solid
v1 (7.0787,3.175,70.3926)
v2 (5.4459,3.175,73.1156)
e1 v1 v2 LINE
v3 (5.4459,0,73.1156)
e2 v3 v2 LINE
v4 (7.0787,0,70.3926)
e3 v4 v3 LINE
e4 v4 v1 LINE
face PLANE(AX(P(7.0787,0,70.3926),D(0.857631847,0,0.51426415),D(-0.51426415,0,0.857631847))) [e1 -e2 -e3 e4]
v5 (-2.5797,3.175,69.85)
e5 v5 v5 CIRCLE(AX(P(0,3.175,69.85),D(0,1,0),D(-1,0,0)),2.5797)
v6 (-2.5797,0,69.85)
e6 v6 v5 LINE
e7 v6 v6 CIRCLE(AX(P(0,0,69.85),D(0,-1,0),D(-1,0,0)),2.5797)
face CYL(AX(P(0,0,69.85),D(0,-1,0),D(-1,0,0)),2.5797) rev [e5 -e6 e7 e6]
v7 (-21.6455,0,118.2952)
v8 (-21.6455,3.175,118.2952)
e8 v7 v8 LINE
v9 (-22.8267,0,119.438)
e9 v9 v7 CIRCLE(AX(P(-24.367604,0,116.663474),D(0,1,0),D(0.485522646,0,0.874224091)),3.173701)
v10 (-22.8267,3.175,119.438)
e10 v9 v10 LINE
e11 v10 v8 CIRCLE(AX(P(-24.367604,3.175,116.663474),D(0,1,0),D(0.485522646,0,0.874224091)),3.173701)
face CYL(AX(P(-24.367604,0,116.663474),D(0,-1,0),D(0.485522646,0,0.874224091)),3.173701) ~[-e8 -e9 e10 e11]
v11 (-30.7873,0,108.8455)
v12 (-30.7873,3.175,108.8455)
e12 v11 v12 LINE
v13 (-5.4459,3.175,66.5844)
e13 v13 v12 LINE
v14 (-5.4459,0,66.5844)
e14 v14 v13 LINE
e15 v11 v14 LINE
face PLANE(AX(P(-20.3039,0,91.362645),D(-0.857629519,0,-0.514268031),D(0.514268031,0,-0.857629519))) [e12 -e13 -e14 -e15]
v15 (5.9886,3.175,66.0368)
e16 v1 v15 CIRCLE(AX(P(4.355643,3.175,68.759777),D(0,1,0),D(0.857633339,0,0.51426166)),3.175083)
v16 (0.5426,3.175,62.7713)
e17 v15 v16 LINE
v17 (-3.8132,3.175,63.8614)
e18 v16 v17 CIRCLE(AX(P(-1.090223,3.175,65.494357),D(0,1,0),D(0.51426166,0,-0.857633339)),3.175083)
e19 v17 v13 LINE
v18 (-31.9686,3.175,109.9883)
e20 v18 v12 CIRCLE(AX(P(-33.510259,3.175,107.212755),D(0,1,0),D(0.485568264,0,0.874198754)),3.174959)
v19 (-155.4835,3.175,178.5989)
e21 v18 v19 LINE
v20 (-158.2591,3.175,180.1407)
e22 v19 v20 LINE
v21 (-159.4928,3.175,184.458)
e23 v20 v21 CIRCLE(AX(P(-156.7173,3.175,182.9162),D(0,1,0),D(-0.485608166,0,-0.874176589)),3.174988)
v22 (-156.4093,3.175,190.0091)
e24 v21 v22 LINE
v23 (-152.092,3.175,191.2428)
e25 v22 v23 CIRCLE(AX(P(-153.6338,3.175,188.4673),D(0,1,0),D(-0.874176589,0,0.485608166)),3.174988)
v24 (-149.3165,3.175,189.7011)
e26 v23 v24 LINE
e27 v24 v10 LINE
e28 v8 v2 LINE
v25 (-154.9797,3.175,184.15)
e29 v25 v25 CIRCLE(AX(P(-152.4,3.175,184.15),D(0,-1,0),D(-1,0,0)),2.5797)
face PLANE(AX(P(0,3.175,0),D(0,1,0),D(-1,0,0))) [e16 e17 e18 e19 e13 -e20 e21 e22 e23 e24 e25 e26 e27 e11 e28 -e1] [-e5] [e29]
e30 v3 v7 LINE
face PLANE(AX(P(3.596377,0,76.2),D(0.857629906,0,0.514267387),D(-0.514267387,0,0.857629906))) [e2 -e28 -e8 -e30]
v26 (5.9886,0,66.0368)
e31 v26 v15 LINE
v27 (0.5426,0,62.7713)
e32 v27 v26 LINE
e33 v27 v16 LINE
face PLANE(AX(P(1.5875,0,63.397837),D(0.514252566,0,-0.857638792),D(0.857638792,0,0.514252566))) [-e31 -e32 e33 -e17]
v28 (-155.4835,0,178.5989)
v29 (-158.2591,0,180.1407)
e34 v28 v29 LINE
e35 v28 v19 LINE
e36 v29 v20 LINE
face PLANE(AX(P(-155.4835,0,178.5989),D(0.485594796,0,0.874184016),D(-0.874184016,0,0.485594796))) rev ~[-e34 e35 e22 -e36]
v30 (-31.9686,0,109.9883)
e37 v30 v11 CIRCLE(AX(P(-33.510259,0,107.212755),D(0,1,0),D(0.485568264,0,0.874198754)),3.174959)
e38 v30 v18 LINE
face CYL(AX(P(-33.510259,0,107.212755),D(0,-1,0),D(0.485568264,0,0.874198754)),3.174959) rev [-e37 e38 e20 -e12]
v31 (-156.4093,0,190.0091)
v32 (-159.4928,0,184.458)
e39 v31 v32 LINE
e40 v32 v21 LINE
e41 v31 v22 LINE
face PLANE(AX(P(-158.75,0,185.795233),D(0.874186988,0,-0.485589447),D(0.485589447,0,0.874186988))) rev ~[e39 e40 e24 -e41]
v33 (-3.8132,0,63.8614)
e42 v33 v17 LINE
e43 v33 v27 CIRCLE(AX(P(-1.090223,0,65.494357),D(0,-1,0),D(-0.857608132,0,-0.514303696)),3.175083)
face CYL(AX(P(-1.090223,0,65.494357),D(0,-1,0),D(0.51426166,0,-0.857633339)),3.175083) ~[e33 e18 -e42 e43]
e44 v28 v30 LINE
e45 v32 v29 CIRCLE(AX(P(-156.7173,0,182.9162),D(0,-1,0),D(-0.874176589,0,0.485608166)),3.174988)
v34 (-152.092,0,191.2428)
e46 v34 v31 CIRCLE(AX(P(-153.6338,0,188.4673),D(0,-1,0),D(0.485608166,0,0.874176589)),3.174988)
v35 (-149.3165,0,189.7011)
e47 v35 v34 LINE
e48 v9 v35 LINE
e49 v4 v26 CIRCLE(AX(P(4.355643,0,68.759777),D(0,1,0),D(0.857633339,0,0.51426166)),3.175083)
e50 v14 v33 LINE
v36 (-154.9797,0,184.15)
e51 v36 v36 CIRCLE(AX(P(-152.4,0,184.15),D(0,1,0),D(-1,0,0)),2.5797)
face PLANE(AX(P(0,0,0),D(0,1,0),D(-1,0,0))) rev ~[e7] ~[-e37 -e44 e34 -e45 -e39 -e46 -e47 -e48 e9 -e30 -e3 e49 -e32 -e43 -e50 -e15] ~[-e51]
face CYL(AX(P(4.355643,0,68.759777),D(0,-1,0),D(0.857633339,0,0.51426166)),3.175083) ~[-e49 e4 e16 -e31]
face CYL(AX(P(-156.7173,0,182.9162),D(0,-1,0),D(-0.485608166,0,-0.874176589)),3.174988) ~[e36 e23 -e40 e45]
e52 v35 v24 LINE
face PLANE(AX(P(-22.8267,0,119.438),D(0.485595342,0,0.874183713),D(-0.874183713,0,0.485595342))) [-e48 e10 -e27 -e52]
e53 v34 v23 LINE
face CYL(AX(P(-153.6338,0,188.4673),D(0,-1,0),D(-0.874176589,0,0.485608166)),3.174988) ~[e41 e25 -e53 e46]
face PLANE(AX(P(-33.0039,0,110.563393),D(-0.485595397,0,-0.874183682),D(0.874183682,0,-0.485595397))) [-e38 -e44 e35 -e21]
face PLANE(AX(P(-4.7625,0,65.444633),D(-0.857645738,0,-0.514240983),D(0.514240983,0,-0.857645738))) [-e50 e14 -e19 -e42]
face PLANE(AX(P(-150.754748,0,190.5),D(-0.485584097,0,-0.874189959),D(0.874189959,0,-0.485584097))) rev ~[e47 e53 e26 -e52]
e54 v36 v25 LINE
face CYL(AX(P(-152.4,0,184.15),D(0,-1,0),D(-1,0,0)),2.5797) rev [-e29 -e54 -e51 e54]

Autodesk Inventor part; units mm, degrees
ref_plane "YZ Plane" through (0, 0, 0) normal (1, 0, 0) x (0, 1, 0)
ref_plane "XZ Plane" through (0, 0, 0) normal (0, 1, 0) x (-1, 0, 0)
ref_plane "XY Plane" through (0, 0, 0) normal (0, 0, 1) x (1, 0, 0)
sketch "Sketch1" plane through (0, 0, 0) normal (0, 1, 0) x (-1, 0, 0)
  line L0 (0, 76.2) -> (0, -76.2)
  line L1 (270.7338, 0) -> (-270.7338, 0)
  circle A0 centre (0, 69.85) radius 2.5797
  circle A1 centre (0, 44.45) radius 2.5797
  circle A2 centre (152.4, 158.75) radius 2.5797
  line L2 (158.75, 139.7) -> (158.75, 152.4)
  line L3 (158.75, 152.4) -> (273.05, 152.4)
  line L4 (273.05, 152.4) -> (273.05, 139.7)
  line L5 (273.05, 139.7) -> (158.75, 139.7)
  line L6 (146.05, 155.575) -> (158.75, 155.575)
  line L7 (158.75, 155.575) -> (158.75, 190.5)
  line L8 (158.75, 190.5) -> (146.05, 190.5)
  line L9 (146.05, 190.5) -> (146.05, 155.575)
  line L10 (158.75, 152.4) -> (273.05, 152.4)
  line L11 (273.05, 152.4) -> (273.05, 155.575)
  line L12 (273.05, 155.575) -> (158.75, 155.575)
  line L13 (158.75, 155.575) -> (158.75, 152.4)
  line L14 (158.75, 190.5) -> (273.05, 155.575)
  line L15 (266.7, 157.5153) -> (266.7, 155.575)
  circle A3 centre (152.4, 184.15) radius 2.5797
  circle A4 centre (152.4, 158.75) radius 2.5797
  line L16 (158.75, 155.575) -> (146.05, 155.575)
  line L17 (146.05, 155.575) -> (146.05, 152.4)
  line L18 (146.05, 152.4) -> (158.75, 152.4)
  line L19 (158.75, 152.4) -> (158.75, 155.575)
  line L20 (1.5875, 76.2) -> (-4.7625, 76.2)
  line L21 (-4.7625, 76.2) -> (-4.7625, -76.2)
  line L22 (-4.7625, -76.2) -> (1.5875, -76.2)
  line L23 (4.7625, -73.025) -> (4.7625, -41.275)
  line L24 (1.5875, -76.2) -> (1.5875, 76.2)
  line L25 (-1.5875, -76.2) -> (-1.5875, 76.2)
  circle A5 centre (0, -44.45) radius 2.5797
  circle A6 centre (0, -69.85) radius 2.5797
  line L26 (-4.7625, -38.1) -> (1.5875, -38.1)
  arc A7 (4.7625, -41.275) -> (1.5875, -38.1) centre (1.5875, -41.275) ccw
  arc A8 (1.5875, -76.2) -> (4.7625, -73.025) centre (1.5875, -73.025) ccw
  line L27 (-4.7625, 76.2) -> (4.7625, 76.2)
  line L28 (4.7625, 73.025) -> (4.7625, 41.275)
  line L29 (1.5875, 38.1) -> (-4.7625, 38.1)
  line L30 (-4.7625, 38.1) -> (-4.7625, 76.2)
  circle A9 centre (0, 69.85) radius 2.5797
  circle A10 centre (0, 44.45) radius 2.5797
  arc A11 (4.7625, 73.025) -> (1.5875, 76.2) centre (1.5875, 73.025) ccw
  arc A12 (1.5875, 38.1) -> (4.7625, 41.275) centre (1.5875, 41.275) ccw
  line L31 (152.4, 158.75) -> (27.7437, 90.2444)
  line L32 (27.7437, 90.2444) -> (0, 44.45)
  line L33 (5.4311, 41.1597) -> (-5.4311, 47.7403)
  line L34 (-5.4311, 47.7403) -> (22.7534, 94.2623)
  line L35 (32.6024, 100.1603) -> (38.8737, 96.361)
  line L36 (31.8523, 84.7712) -> (5.4311, 41.1597)
  line L37 (149.3417, 164.315) -> (155.4583, 153.185)
  line L38 (155.4583, 153.185) -> (33.0387, 85.9086)
  line L39 (21.1631, 79.3823) -> (17.6317, 85.8082)
  line L40 (23.9398, 95.3997) -> (149.3417, 164.315)
  arc A13 (23.9398, 95.3997) -> (22.7534, 94.2623) centre (25.4689, 92.6172) ccw
  arc A14 (33.0387, 85.9086) -> (31.8523, 84.7712) centre (34.5678, 83.1261) ccw
  circle A15 centre (152.4, 158.75) radius 2.5797
  circle A16 centre (0, 44.45) radius 2.5797
  line L41 (-5.4311, 47.7403) -> (5.4311, 41.1597)
  line L42 (5.4311, 41.1597) -> (3.7859, 38.4442)
  line L43 (-0.5748, 37.3738) -> (-6.0058, 40.6641)
  line L44 (-7.0762, 45.0248) -> (-5.4311, 47.7403)
  arc A17 (-7.0762, 45.0248) -> (-6.0058, 40.6641) centre (-4.3607, 43.3796) ccw
  arc A18 (-0.5748, 37.3738) -> (3.7859, 38.4442) centre (1.0704, 40.0893) ccw
  line L45 (149.3417, 164.315) -> (155.4583, 153.185)
  line L46 (155.4583, 153.185) -> (158.2408, 154.7141)
  line L47 (159.4942, 159.0258) -> (156.4359, 164.5908)
  line L48 (152.1242, 165.8442) -> (149.3417, 164.315)
  arc A19 (156.4359, 164.5908) -> (152.1242, 165.8442) centre (153.6534, 163.0616) ccw
  arc A20 (158.2408, 154.7141) -> (159.4942, 159.0258) centre (156.7116, 157.4966) ccw
  line L49 (152.4, 184.15) -> (26.6539, 114.3)
  line L50 (26.6539, 114.3) -> (0, 69.85)
  line L51 (5.4459, 66.5844) -> (-5.4459, 73.1156)
  line L52 (-5.4459, 73.1156) -> (21.6455, 118.2952)
  line L53 (31.4676, 124.2379) -> (37.756, 120.4671)
  line L54 (30.7873, 108.8455) -> (5.4459, 66.5844)
  line L55 (149.3165, 189.7011) -> (155.4835, 178.5989)
  line L56 (155.4835, 178.5989) -> (31.9686, 109.9883)
  line L57 (20.1227, 103.4081) -> (16.5622, 109.8179)
  line L58 (22.8267, 119.438) -> (149.3165, 189.7011)
  arc A21 (22.8267, 119.438) -> (21.6455, 118.2952) centre (24.3684, 116.6624) ccw
  arc A22 (31.9686, 109.9883) -> (30.7873, 108.8455) centre (33.5103, 107.2127) ccw
  circle A23 centre (152.4, 184.15) radius 2.5797
  circle A24 centre (26.6539, 114.3) radius 2.5797
  circle A25 centre (0, 69.85) radius 2.5797
  line L59 (-5.4459, 73.1156) -> (5.4459, 66.5844)
  line L60 (5.4459, 66.5844) -> (3.8132, 63.8614)
  line L61 (-0.5426, 62.7713) -> (-5.9886, 66.0368)
  line L62 (-7.0787, 70.3926) -> (-5.4459, 73.1156)
  arc A26 (-7.0787, 70.3926) -> (-5.9886, 66.0368) centre (-4.3558, 68.7598) ccw
  arc A27 (-0.5426, 62.7713) -> (3.8132, 63.8614) centre (1.0902, 65.4942) ccw
  line L63 (149.3165, 189.7011) -> (155.4835, 178.5989)
  line L64 (155.4835, 178.5989) -> (158.2591, 180.1407)
  line L65 (159.4928, 184.458) -> (156.4093, 190.0091)
  line L66 (152.092, 191.2428) -> (149.3165, 189.7011)
  arc A28 (156.4093, 190.0091) -> (152.092, 191.2428) centre (153.6338, 188.4673) ccw
  arc A29 (158.2591, 180.1407) -> (159.4928, 184.458) centre (156.7173, 182.9162) ccw
  line L67 (33.0039, 28.575) -> (33.0039, -28.575)
  line L68 (29.8289, -31.75) -> (23.4789, -31.75)
  line L69 (20.3039, -28.575) -> (20.3039, 28.575)
  line L70 (23.4789, 31.75) -> (29.8289, 31.75)
  line L71 (33.0039, 117.475) -> (33.0039, 22.225)
  line L72 (29.8289, 19.05) -> (23.4789, 19.05)
  line L73 (20.3039, 22.225) -> (20.3039, 117.475)
  line L74 (23.4789, 120.65) -> (29.8289, 120.65)
  circle A30 centre (26.6539, 25.4) radius 2.6206
  circle A31 centre (26.6539, -25.4) radius 2.6206
  circle A32 centre (26.6539, 25.4) radius 2.6206
  circle A33 centre (26.6539, 114.3) radius 2.6206
  arc A34 (33.0039, 28.575) -> (29.8289, 31.75) centre (29.8289, 28.575) ccw
  arc A35 (23.4789, 31.75) -> (20.3039, 28.575) centre (23.4789, 28.575) ccw
  arc A36 (20.3039, -28.575) -> (23.4789, -31.75) centre (23.4789, -28.575) ccw
  arc A37 (29.8289, -31.75) -> (33.0039, -28.575) centre (29.8289, -28.575) ccw
  arc A38 (20.3039, 22.225) -> (23.4789, 19.05) centre (23.4789, 22.225) ccw
  arc A39 (29.8289, 19.05) -> (33.0039, 22.225) centre (29.8289, 22.225) ccw
  arc A40 (33.0039, 117.475) -> (29.8289, 120.65) centre (29.8289, 117.475) ccw
  arc A41 (23.4789, 120.65) -> (20.3039, 117.475) centre (23.4789, 117.475) ccw
  point P0 (0, 0)
  point P1 (0, 0)
  point P2 (0, 44.45)
  point P3 (46.8631, 0)
  point P4 (2.1408, 35.7286)
  point P5 (161.0233, 156.2433)
  point P6 (2.1804, 61.1385)
  point P7 (161.0346, 181.6825)
  point P8 (33.0039, 31.75)
  point P9 (33.0039, -31.75)
  point P10 (33.0039, 120.65)
  point P11 (33.0039, 19.05)
  point P12 (20.3039, 19.05)
  point P13 (33.0039, 0)
  dimension "d4" = 5.1594
  dimension "d11" = 5.1594
  dimension "d17" = 152.4
  dimension "d56" = 12.7
  dimension "d57" = 114.3
  dimension "d58" = 3.175
  dimension "d61" = 6.35
  dimension "d63" = 5.1594
  dimension "d65" = 6.35
  dimension "d66" = 6.35
  dimension "d67" = 6.35
  dimension "d68" = 6.35
  dimension "d69" = 9.525
  dimension "d70" = 152.4
  dimension "d71" = 3.175
  dimension "d72" = 3.175
  dimension "d73" = 25.4
  dimension "d74" = 6.35
  dimension "d75" = 4.7625
  dimension "d76" = 4.7625
  dimension "d77" = 6.35
  dimension "d78" = 3.175
  dimension "d79" = 5.1594
  dimension "d80" = 25.4
  dimension "d81" = 6.35
  dimension "d82" = 4.7625
  dimension "d83" = 4.7625
  dimension "d84" = 6.35
  dimension "d85" = 3.175
  dimension "d89" = 190.5
  dimension "d92" = 150
  dimension "d94" = 142.24
  dimension "d95" = 12.7
  dimension "d96" = 3.175
  dimension "d97" = 6.35
  dimension "d98" = 3.175
  dimension "d99" = 6.35
  dimension "d100" = 3.175
  dimension "d101" = 5.1594
  dimension "d102" = 190.5
  dimension "d103" = 150
  dimension "d105" = 12.7
  dimension "d106" = 3.175
  dimension "d107" = 6.35
  dimension "d108" = 3.175
  dimension "d109" = 6.35
  dimension "d110" = 3.175
  dimension "d111" = 5.1594
  dimension "d112" = 12.7
  dimension "d113" = 12.7
  dimension "d114" = 76.2
  dimension "d115" = 4.7625
  dimension "d116" = 265.9713
  dimension "d117" = 42.1006
  dimension "d118" = 139.7
  dimension "d119" = 88.9
  dimension "d120" = 25.4
  dimension "d121" = 12.7
  dimension "d123" = 12.7
  dimension "d124" = 5.2413
  dimension "d125" = 6.35
  dimension "d126" = 6.35
  dimension "d127" = 6.35
  dimension "d128" = 6.35
sketch "Sketch2" plane through (0, 0, 0) normal (1, 0, 0) x (0, 1, 0)
  line L0 (0, 76.2) -> (0, -76.2)
  line L1 (270.7338, 0) -> (-270.7338, 0)
  circle A0 centre (0, 69.85) radius 2.5797
  circle A1 centre (0, 44.45) radius 2.5797
  circle A2 centre (188.7991, 19.05) radius 2.5797
  line L2 (195.1491, 0) -> (195.1491, 12.7)
  line L3 (195.1491, 12.7) -> (309.4491, 12.7)
  line L4 (309.4491, 12.7) -> (309.4491, 0)
  line L5 (309.4491, 0) -> (195.1491, 0)
  line L6 (182.4491, 15.875) -> (195.1491, 15.875)
  line L7 (195.1491, 15.875) -> (195.1491, 50.8)
  line L8 (195.1491, 50.8) -> (182.4491, 50.8)
  line L9 (182.4491, 50.8) -> (182.4491, 15.875)
  line L10 (195.1491, 12.7) -> (309.4491, 12.7)
  line L11 (309.4491, 12.7) -> (309.4491, 15.875)
  line L12 (309.4491, 15.875) -> (195.1491, 15.875)
  line L13 (195.1491, 15.875) -> (195.1491, 12.7)
  line L14 (195.1491, 50.8) -> (309.4491, 15.875)
  line L15 (303.0991, 17.8153) -> (303.0991, 15.875)
  circle A3 centre (188.7991, 44.45) radius 2.5797
  circle A4 centre (188.7991, 19.05) radius 2.5797
  line L16 (195.1491, 15.875) -> (182.4491, 15.875)
  line L17 (182.4491, 15.875) -> (182.4491, 12.7)
  line L18 (182.4491, 12.7) -> (195.1491, 12.7)
  line L19 (195.1491, 12.7) -> (195.1491, 15.875)
  line L20 (1.5875, 76.2) -> (-4.7625, 76.2)
  line L21 (-4.7625, 76.2) -> (-4.7625, -76.2)
  line L22 (-4.7625, -76.2) -> (1.5875, -76.2)
  line L23 (4.7625, -73.025) -> (4.7625, -41.275)
  line L24 (1.5875, -76.2) -> (1.5875, 76.2)
  line L25 (-1.5875, -76.2) -> (-1.5875, 76.2)
  circle A5 centre (0, -44.45) radius 2.5797
  circle A6 centre (0, -69.85) radius 2.5797
  line L26 (-4.7625, -38.1) -> (1.5875, -38.1)
  arc A7 (4.7625, -41.275) -> (1.5875, -38.1) centre (1.5875, -41.275) ccw
  arc A8 (1.5875, -76.2) -> (4.7625, -73.025) centre (1.5875, -73.025) ccw
  line L27 (-4.7625, 76.2) -> (4.7625, 76.2)
  line L28 (4.7625, 73.025) -> (4.7625, 41.275)
  line L29 (1.5875, 38.1) -> (-4.7625, 38.1)
  line L30 (-4.7625, 38.1) -> (-4.7625, 76.2)
  circle A9 centre (0, 69.85) radius 2.5797
  circle A10 centre (0, 44.45) radius 2.5797
  arc A11 (4.7625, 73.025) -> (1.5875, 76.2) centre (1.5875, 73.025) ccw
  arc A12 (1.5875, 38.1) -> (4.7625, 41.275) centre (1.5875, 41.275) ccw
  line L31 (188.7991, 19.05) -> (51.8933, 57.638)
  line L32 (51.8933, 57.638) -> (0, 44.45)
  line L33 (1.564, 38.2956) -> (-1.564, 50.6044)
  line L34 (-1.564, 50.6044) -> (51.1538, 64.0019)
  line L35 (62.311, 61.2991) -> (64.117, 54.1926)
  line L36 (50.9838, 50.855) -> (1.564, 38.2956)
  line L37 (190.5218, 25.1619) -> (187.0764, 12.9381)
  line L38 (187.0764, 12.9381) -> (52.6271, 50.8337)
  line L39 (39.5846, 54.5099) -> (41.5738, 61.5673)
  line L40 (52.7972, 63.9806) -> (190.5218, 25.1619)
  arc A13 (52.7972, 63.9806) -> (51.1538, 64.0019) centre (51.9358, 60.9247) ccw
  arc A14 (52.6271, 50.8337) -> (50.9838, 50.855) centre (51.7658, 47.7778) ccw
  circle A15 centre (188.7991, 19.05) radius 2.5797
  circle A16 centre (0, 44.45) radius 2.5797
  line L41 (-1.564, 50.6044) -> (1.564, 38.2956)
  line L42 (1.564, 38.2956) -> (-1.5131, 37.5136)
  line L43 (-5.3723, 39.8088) -> (-6.9364, 45.9631)
  line L44 (-4.6412, 49.8223) -> (-1.564, 50.6044)
  arc A17 (-4.6412, 49.8223) -> (-6.9364, 45.9631) centre (-3.8592, 46.7452) ccw
  arc A18 (-5.3723, 39.8088) -> (-1.5131, 37.5136) centre (-2.2952, 40.5908) ccw
  line L45 (190.5218, 25.1619) -> (187.0764, 12.9381)
  line L46 (187.0764, 12.9381) -> (190.1323, 12.0768)
  line L47 (194.0496, 14.2714) -> (195.7723, 20.3833)
  line L48 (193.5777, 24.3005) -> (190.5218, 25.1619)
  arc A19 (195.7723, 20.3833) -> (193.5777, 24.3005) centre (192.7163, 21.2446) ccw
  arc A20 (190.1323, 12.0768) -> (194.0496, 14.2714) centre (190.9937, 15.1327) ccw
  line L49 (194.0712, 39.6953) -> (195.7661, 45.8149)
  arc A21 (190.164, 37.4829) -> (194.0712, 39.6953) centre (191.0114, 40.5427) ccw
  arc A22 (195.7661, 45.8149) -> (193.5538, 49.7222) centre (192.7063, 46.6624) ccw
  line L50 (187.1042, 38.3304) -> (190.164, 37.4829)
  line L51 (193.5538, 49.7222) -> (190.494, 50.5696)
  circle A23 centre (188.7991, 44.45) radius 2.5797
  line L52 (190.494, 50.5696) -> (187.1042, 38.3304)
  line L53 (190.494, 50.5696) -> (187.1042, 38.3304)
  line L54 (60.5746, 86.5522) -> (62.4129, 79.4541)
  line L55 (187.1042, 38.3304) -> (50.9384, 76.043)
  line L56 (188.7991, 44.45) -> (50.1736, 82.8439)
  line L57 (51.0487, 89.1906) -> (190.494, 50.5696)
  line L58 (49.2949, 76.0568) -> (1.592, 63.7028)
  line L59 (-1.592, 75.9972) -> (49.4052, 89.2043)
  line L60 (50.1736, 82.8439) -> (0, 69.85)
  arc A24 (50.9384, 76.043) -> (49.2949, 76.0568) centre (50.0909, 72.9832) ccw
  arc A25 (51.0487, 89.1906) -> (49.4052, 89.2043) centre (50.2012, 86.1307) ccw
  circle A26 centre (50.1736, 82.8439) radius 2.5797
  line L61 (37.8792, 79.6599) -> (39.8363, 86.7262)
  line L62 (1.592, 63.7028) -> (-1.592, 75.9972)
  line L63 (1.592, 63.7028) -> (-1.4816, 62.9068)
  line L64 (-1.592, 75.9972) -> (1.592, 63.7028)
  circle A27 centre (0, 69.85) radius 2.5797
  line L65 (-4.6656, 75.2012) -> (-1.592, 75.9972)
  arc A28 (-5.3512, 65.1844) -> (-1.4816, 62.9068) centre (-2.2776, 65.9804) ccw
  line L66 (-5.3512, 65.1844) -> (-6.9432, 71.3316)
  arc A29 (-4.6656, 75.2012) -> (-6.9432, 71.3316) centre (-3.8696, 72.1276) ccw
  line L67 (124.3721, 28.575) -> (124.3721, -28.575)
  line L68 (121.1971, -31.75) -> (114.8471, -31.75)
  line L69 (111.6721, -28.575) -> (111.6721, 28.575)
  line L70 (114.8471, 31.75) -> (121.1971, 31.75)
  line L71 (51.8536, 89.7417) -> (124.5484, 28.1948)
  line L72 (124.92, 23.72) -> (120.8168, 18.8737)
  line L73 (116.3421, 18.5021) -> (43.6473, 80.0491)
  line L74 (43.2757, 84.5238) -> (47.3789, 89.3701)
  circle A30 centre (118.0221, 25.4) radius 2.6206
  circle A31 centre (118.0221, -25.4) radius 2.6206
  circle A32 centre (118.0221, 25.4) radius 2.6206
  circle A33 centre (50.1736, 82.8439) radius 2.6206
  arc A34 (124.3721, 28.575) -> (121.1971, 31.75) centre (121.1971, 28.575) ccw
  arc A35 (114.8471, 31.75) -> (111.6721, 28.575) centre (114.8471, 28.575) ccw
  arc A36 (111.6721, -28.575) -> (114.8471, -31.75) centre (114.8471, -28.575) ccw
  arc A37 (121.1971, -31.75) -> (124.3721, -28.575) centre (121.1971, -28.575) ccw
  arc A38 (116.3421, 18.5021) -> (120.8168, 18.8737) centre (118.3937, 20.9253) ccw
  arc A39 (124.92, 23.72) -> (124.5484, 28.1948) centre (122.4968, 25.7716) ccw
  arc A40 (51.8536, 89.7417) -> (47.3789, 89.3701) centre (49.802, 87.3186) ccw
  arc A41 (43.2757, 84.5238) -> (43.6473, 80.0491) centre (45.6989, 82.4723) ccw
  line L75 (50.1736, 82.8439) -> (118.0221, 25.4)
  line L76 (118.0221, -25.4) -> (118.0221, 25.4)
  line L77 (127.9831, -605.0736) -> (127.9831, -452.6736)
  line L78 (178.1568, -446.0297) -> (246.0052, -503.4736)
  line L79 (246.0052, -503.4736) -> (246.0052, -554.2736)
  line L80 (78.5716, -330.2354) -> (78.5716, -190.5354)
  line L81 (78.5716, -190.5354) -> (172.9711, -203.2354)
  line L82 (172.9711, -203.2354) -> (256.0081, -234.9854)
  line L83 (256.0081, -234.9854) -> (256.0081, -285.7854)
  line L84 (78.5716, -260.3854) -> (256.0081, -260.3854)
  line L85 (127.9831, -528.8736) -> (246.0052, -528.8736)
  line L86 (127.9831, -459.0236) -> (178.1568, -446.0297)
  line L87 (78.5716, -190.5354) -> (267.3706, -215.9354)
  line L88 (267.3706, -215.9354) -> (267.3706, -260.3854)
  point P0 (0, 0)
  point P1 (0, 0)
  point P2 (0, 44.45)
  point P3 (46.8631, 0)
  point P4 (-4.5903, 36.7316)
  point P5 (193.1883, 11.2155)
  point P6 (193.2238, 36.6355)
  point P7 (-4.5552, 62.1108)
  point P8 (124.3721, 31.75)
  point P9 (124.3721, -31.75)
  point P10 (49.4304, 91.7933)
  point P11 (126.9715, 26.1432)
  point P12 (118.7653, 16.4505)
  point P13 (124.3721, 0)
  point P14 (118.0221, 0)
  dimension "d145" = 5.1594
  dimension "d146" = 5.1594
  dimension "d147" = 152.4
  dimension "d148" = 12.7
  dimension "d149" = 114.3
  dimension "d150" = 3.175
  dimension "d151" = 6.35
  dimension "d152" = 5.1594
  dimension "d153" = 6.35
  dimension "d154" = 6.35
  dimension "d155" = 6.35
  dimension "d156" = 6.35
  dimension "d157" = 9.525
  dimension "d158" = 152.4
  dimension "d159" = 3.175
  dimension "d160" = 3.175
  dimension "d161" = 25.4
  dimension "d162" = 6.35
  dimension "d163" = 4.7625
  dimension "d164" = 4.7625
  dimension "d165" = 6.35
  dimension "d166" = 3.175
  dimension "d167" = 5.1594
  dimension "d168" = 25.4
  dimension "d169" = 6.35
  dimension "d170" = 4.7625
  dimension "d171" = 4.7625
  dimension "d172" = 6.35
  dimension "d173" = 3.175
  dimension "d174" = 190.5
  dimension "d175" = 150
  dimension "d176" = 142.24
  dimension "d177" = 12.7
  dimension "d178" = 3.175
  dimension "d179" = 6.35
  dimension "d180" = 3.175
  dimension "d181" = 6.35
  dimension "d182" = 3.175
  dimension "d183" = 5.1594
  dimension "d184" = 190.5
  dimension "d185" = 150
  dimension "d186" = 12.7
  dimension "d187" = 3.175
  dimension "d188" = 6.35
  dimension "d189" = 3.175
  dimension "d190" = 6.35
  dimension "d191" = 3.175
  dimension "d192" = 5.1594
  dimension "d193" = 12.7
  dimension "d194" = 12.7
  dimension "d195" = 76.2
  dimension "d196" = 4.7625
  dimension "d197" = 265.9713
  dimension "d198" = 42.1006
  dimension "d199" = 139.7
  dimension "d200" = 88.9
  dimension "d201" = 25.4
  dimension "d202" = 12.7
  dimension "d203" = 12.7
  dimension "d204" = 5.2413
  dimension "d205" = 6.35
  dimension "d206" = 6.35
  dimension "d207" = 6.35
  dimension "d208" = 6.35
extrude "Extrusion1" add sketch "Sketch1" along normal blind 3.175 contours L20 L24 L50 A0 L0 | L20 L52 L57 L50 L27 | L0 A0 L25 L20 | A11 L50 L24 | L27 L50 A11 | L25 A0 L51 L21 L52 L20 | L50 L24 A0 | L50 A11 L28 L51 A0 L24 | L50 L73 L54 L51 L28 A11 | A0 L24 A27 L0 | L0 A27 L61 L25 A0 | A0 L25 L61 L21 L51 | L57 L52 L73 L50 | L21 L51 L52 | A0 L51 L28 L60 A27 L24 | L21 L61 A26 L62 L51 | L73 L52 A21 L58 L74 A40 L49 A33 L50 | L50 A33 L49 A40 L71 L56 A22 L54 L73 | L51 L60 L28 | A33 L49 A24 L50 | L50 A24 L49 A33 | A24 L49 L50 | L50 L49 A24 | A40 L74 L58 L53 L49 | L49 L9 L56 L71 A40 | L53 L58 L9 L49 | L49 A3 L55 L56 L9 | L9 L58 L55 A3 L49 | L55 A3 L66 L8 A28 L65 L7 A29 L64 | L66 A28 L8 | L7 L65 A29
properties part number "Inner Gripper Bar"
